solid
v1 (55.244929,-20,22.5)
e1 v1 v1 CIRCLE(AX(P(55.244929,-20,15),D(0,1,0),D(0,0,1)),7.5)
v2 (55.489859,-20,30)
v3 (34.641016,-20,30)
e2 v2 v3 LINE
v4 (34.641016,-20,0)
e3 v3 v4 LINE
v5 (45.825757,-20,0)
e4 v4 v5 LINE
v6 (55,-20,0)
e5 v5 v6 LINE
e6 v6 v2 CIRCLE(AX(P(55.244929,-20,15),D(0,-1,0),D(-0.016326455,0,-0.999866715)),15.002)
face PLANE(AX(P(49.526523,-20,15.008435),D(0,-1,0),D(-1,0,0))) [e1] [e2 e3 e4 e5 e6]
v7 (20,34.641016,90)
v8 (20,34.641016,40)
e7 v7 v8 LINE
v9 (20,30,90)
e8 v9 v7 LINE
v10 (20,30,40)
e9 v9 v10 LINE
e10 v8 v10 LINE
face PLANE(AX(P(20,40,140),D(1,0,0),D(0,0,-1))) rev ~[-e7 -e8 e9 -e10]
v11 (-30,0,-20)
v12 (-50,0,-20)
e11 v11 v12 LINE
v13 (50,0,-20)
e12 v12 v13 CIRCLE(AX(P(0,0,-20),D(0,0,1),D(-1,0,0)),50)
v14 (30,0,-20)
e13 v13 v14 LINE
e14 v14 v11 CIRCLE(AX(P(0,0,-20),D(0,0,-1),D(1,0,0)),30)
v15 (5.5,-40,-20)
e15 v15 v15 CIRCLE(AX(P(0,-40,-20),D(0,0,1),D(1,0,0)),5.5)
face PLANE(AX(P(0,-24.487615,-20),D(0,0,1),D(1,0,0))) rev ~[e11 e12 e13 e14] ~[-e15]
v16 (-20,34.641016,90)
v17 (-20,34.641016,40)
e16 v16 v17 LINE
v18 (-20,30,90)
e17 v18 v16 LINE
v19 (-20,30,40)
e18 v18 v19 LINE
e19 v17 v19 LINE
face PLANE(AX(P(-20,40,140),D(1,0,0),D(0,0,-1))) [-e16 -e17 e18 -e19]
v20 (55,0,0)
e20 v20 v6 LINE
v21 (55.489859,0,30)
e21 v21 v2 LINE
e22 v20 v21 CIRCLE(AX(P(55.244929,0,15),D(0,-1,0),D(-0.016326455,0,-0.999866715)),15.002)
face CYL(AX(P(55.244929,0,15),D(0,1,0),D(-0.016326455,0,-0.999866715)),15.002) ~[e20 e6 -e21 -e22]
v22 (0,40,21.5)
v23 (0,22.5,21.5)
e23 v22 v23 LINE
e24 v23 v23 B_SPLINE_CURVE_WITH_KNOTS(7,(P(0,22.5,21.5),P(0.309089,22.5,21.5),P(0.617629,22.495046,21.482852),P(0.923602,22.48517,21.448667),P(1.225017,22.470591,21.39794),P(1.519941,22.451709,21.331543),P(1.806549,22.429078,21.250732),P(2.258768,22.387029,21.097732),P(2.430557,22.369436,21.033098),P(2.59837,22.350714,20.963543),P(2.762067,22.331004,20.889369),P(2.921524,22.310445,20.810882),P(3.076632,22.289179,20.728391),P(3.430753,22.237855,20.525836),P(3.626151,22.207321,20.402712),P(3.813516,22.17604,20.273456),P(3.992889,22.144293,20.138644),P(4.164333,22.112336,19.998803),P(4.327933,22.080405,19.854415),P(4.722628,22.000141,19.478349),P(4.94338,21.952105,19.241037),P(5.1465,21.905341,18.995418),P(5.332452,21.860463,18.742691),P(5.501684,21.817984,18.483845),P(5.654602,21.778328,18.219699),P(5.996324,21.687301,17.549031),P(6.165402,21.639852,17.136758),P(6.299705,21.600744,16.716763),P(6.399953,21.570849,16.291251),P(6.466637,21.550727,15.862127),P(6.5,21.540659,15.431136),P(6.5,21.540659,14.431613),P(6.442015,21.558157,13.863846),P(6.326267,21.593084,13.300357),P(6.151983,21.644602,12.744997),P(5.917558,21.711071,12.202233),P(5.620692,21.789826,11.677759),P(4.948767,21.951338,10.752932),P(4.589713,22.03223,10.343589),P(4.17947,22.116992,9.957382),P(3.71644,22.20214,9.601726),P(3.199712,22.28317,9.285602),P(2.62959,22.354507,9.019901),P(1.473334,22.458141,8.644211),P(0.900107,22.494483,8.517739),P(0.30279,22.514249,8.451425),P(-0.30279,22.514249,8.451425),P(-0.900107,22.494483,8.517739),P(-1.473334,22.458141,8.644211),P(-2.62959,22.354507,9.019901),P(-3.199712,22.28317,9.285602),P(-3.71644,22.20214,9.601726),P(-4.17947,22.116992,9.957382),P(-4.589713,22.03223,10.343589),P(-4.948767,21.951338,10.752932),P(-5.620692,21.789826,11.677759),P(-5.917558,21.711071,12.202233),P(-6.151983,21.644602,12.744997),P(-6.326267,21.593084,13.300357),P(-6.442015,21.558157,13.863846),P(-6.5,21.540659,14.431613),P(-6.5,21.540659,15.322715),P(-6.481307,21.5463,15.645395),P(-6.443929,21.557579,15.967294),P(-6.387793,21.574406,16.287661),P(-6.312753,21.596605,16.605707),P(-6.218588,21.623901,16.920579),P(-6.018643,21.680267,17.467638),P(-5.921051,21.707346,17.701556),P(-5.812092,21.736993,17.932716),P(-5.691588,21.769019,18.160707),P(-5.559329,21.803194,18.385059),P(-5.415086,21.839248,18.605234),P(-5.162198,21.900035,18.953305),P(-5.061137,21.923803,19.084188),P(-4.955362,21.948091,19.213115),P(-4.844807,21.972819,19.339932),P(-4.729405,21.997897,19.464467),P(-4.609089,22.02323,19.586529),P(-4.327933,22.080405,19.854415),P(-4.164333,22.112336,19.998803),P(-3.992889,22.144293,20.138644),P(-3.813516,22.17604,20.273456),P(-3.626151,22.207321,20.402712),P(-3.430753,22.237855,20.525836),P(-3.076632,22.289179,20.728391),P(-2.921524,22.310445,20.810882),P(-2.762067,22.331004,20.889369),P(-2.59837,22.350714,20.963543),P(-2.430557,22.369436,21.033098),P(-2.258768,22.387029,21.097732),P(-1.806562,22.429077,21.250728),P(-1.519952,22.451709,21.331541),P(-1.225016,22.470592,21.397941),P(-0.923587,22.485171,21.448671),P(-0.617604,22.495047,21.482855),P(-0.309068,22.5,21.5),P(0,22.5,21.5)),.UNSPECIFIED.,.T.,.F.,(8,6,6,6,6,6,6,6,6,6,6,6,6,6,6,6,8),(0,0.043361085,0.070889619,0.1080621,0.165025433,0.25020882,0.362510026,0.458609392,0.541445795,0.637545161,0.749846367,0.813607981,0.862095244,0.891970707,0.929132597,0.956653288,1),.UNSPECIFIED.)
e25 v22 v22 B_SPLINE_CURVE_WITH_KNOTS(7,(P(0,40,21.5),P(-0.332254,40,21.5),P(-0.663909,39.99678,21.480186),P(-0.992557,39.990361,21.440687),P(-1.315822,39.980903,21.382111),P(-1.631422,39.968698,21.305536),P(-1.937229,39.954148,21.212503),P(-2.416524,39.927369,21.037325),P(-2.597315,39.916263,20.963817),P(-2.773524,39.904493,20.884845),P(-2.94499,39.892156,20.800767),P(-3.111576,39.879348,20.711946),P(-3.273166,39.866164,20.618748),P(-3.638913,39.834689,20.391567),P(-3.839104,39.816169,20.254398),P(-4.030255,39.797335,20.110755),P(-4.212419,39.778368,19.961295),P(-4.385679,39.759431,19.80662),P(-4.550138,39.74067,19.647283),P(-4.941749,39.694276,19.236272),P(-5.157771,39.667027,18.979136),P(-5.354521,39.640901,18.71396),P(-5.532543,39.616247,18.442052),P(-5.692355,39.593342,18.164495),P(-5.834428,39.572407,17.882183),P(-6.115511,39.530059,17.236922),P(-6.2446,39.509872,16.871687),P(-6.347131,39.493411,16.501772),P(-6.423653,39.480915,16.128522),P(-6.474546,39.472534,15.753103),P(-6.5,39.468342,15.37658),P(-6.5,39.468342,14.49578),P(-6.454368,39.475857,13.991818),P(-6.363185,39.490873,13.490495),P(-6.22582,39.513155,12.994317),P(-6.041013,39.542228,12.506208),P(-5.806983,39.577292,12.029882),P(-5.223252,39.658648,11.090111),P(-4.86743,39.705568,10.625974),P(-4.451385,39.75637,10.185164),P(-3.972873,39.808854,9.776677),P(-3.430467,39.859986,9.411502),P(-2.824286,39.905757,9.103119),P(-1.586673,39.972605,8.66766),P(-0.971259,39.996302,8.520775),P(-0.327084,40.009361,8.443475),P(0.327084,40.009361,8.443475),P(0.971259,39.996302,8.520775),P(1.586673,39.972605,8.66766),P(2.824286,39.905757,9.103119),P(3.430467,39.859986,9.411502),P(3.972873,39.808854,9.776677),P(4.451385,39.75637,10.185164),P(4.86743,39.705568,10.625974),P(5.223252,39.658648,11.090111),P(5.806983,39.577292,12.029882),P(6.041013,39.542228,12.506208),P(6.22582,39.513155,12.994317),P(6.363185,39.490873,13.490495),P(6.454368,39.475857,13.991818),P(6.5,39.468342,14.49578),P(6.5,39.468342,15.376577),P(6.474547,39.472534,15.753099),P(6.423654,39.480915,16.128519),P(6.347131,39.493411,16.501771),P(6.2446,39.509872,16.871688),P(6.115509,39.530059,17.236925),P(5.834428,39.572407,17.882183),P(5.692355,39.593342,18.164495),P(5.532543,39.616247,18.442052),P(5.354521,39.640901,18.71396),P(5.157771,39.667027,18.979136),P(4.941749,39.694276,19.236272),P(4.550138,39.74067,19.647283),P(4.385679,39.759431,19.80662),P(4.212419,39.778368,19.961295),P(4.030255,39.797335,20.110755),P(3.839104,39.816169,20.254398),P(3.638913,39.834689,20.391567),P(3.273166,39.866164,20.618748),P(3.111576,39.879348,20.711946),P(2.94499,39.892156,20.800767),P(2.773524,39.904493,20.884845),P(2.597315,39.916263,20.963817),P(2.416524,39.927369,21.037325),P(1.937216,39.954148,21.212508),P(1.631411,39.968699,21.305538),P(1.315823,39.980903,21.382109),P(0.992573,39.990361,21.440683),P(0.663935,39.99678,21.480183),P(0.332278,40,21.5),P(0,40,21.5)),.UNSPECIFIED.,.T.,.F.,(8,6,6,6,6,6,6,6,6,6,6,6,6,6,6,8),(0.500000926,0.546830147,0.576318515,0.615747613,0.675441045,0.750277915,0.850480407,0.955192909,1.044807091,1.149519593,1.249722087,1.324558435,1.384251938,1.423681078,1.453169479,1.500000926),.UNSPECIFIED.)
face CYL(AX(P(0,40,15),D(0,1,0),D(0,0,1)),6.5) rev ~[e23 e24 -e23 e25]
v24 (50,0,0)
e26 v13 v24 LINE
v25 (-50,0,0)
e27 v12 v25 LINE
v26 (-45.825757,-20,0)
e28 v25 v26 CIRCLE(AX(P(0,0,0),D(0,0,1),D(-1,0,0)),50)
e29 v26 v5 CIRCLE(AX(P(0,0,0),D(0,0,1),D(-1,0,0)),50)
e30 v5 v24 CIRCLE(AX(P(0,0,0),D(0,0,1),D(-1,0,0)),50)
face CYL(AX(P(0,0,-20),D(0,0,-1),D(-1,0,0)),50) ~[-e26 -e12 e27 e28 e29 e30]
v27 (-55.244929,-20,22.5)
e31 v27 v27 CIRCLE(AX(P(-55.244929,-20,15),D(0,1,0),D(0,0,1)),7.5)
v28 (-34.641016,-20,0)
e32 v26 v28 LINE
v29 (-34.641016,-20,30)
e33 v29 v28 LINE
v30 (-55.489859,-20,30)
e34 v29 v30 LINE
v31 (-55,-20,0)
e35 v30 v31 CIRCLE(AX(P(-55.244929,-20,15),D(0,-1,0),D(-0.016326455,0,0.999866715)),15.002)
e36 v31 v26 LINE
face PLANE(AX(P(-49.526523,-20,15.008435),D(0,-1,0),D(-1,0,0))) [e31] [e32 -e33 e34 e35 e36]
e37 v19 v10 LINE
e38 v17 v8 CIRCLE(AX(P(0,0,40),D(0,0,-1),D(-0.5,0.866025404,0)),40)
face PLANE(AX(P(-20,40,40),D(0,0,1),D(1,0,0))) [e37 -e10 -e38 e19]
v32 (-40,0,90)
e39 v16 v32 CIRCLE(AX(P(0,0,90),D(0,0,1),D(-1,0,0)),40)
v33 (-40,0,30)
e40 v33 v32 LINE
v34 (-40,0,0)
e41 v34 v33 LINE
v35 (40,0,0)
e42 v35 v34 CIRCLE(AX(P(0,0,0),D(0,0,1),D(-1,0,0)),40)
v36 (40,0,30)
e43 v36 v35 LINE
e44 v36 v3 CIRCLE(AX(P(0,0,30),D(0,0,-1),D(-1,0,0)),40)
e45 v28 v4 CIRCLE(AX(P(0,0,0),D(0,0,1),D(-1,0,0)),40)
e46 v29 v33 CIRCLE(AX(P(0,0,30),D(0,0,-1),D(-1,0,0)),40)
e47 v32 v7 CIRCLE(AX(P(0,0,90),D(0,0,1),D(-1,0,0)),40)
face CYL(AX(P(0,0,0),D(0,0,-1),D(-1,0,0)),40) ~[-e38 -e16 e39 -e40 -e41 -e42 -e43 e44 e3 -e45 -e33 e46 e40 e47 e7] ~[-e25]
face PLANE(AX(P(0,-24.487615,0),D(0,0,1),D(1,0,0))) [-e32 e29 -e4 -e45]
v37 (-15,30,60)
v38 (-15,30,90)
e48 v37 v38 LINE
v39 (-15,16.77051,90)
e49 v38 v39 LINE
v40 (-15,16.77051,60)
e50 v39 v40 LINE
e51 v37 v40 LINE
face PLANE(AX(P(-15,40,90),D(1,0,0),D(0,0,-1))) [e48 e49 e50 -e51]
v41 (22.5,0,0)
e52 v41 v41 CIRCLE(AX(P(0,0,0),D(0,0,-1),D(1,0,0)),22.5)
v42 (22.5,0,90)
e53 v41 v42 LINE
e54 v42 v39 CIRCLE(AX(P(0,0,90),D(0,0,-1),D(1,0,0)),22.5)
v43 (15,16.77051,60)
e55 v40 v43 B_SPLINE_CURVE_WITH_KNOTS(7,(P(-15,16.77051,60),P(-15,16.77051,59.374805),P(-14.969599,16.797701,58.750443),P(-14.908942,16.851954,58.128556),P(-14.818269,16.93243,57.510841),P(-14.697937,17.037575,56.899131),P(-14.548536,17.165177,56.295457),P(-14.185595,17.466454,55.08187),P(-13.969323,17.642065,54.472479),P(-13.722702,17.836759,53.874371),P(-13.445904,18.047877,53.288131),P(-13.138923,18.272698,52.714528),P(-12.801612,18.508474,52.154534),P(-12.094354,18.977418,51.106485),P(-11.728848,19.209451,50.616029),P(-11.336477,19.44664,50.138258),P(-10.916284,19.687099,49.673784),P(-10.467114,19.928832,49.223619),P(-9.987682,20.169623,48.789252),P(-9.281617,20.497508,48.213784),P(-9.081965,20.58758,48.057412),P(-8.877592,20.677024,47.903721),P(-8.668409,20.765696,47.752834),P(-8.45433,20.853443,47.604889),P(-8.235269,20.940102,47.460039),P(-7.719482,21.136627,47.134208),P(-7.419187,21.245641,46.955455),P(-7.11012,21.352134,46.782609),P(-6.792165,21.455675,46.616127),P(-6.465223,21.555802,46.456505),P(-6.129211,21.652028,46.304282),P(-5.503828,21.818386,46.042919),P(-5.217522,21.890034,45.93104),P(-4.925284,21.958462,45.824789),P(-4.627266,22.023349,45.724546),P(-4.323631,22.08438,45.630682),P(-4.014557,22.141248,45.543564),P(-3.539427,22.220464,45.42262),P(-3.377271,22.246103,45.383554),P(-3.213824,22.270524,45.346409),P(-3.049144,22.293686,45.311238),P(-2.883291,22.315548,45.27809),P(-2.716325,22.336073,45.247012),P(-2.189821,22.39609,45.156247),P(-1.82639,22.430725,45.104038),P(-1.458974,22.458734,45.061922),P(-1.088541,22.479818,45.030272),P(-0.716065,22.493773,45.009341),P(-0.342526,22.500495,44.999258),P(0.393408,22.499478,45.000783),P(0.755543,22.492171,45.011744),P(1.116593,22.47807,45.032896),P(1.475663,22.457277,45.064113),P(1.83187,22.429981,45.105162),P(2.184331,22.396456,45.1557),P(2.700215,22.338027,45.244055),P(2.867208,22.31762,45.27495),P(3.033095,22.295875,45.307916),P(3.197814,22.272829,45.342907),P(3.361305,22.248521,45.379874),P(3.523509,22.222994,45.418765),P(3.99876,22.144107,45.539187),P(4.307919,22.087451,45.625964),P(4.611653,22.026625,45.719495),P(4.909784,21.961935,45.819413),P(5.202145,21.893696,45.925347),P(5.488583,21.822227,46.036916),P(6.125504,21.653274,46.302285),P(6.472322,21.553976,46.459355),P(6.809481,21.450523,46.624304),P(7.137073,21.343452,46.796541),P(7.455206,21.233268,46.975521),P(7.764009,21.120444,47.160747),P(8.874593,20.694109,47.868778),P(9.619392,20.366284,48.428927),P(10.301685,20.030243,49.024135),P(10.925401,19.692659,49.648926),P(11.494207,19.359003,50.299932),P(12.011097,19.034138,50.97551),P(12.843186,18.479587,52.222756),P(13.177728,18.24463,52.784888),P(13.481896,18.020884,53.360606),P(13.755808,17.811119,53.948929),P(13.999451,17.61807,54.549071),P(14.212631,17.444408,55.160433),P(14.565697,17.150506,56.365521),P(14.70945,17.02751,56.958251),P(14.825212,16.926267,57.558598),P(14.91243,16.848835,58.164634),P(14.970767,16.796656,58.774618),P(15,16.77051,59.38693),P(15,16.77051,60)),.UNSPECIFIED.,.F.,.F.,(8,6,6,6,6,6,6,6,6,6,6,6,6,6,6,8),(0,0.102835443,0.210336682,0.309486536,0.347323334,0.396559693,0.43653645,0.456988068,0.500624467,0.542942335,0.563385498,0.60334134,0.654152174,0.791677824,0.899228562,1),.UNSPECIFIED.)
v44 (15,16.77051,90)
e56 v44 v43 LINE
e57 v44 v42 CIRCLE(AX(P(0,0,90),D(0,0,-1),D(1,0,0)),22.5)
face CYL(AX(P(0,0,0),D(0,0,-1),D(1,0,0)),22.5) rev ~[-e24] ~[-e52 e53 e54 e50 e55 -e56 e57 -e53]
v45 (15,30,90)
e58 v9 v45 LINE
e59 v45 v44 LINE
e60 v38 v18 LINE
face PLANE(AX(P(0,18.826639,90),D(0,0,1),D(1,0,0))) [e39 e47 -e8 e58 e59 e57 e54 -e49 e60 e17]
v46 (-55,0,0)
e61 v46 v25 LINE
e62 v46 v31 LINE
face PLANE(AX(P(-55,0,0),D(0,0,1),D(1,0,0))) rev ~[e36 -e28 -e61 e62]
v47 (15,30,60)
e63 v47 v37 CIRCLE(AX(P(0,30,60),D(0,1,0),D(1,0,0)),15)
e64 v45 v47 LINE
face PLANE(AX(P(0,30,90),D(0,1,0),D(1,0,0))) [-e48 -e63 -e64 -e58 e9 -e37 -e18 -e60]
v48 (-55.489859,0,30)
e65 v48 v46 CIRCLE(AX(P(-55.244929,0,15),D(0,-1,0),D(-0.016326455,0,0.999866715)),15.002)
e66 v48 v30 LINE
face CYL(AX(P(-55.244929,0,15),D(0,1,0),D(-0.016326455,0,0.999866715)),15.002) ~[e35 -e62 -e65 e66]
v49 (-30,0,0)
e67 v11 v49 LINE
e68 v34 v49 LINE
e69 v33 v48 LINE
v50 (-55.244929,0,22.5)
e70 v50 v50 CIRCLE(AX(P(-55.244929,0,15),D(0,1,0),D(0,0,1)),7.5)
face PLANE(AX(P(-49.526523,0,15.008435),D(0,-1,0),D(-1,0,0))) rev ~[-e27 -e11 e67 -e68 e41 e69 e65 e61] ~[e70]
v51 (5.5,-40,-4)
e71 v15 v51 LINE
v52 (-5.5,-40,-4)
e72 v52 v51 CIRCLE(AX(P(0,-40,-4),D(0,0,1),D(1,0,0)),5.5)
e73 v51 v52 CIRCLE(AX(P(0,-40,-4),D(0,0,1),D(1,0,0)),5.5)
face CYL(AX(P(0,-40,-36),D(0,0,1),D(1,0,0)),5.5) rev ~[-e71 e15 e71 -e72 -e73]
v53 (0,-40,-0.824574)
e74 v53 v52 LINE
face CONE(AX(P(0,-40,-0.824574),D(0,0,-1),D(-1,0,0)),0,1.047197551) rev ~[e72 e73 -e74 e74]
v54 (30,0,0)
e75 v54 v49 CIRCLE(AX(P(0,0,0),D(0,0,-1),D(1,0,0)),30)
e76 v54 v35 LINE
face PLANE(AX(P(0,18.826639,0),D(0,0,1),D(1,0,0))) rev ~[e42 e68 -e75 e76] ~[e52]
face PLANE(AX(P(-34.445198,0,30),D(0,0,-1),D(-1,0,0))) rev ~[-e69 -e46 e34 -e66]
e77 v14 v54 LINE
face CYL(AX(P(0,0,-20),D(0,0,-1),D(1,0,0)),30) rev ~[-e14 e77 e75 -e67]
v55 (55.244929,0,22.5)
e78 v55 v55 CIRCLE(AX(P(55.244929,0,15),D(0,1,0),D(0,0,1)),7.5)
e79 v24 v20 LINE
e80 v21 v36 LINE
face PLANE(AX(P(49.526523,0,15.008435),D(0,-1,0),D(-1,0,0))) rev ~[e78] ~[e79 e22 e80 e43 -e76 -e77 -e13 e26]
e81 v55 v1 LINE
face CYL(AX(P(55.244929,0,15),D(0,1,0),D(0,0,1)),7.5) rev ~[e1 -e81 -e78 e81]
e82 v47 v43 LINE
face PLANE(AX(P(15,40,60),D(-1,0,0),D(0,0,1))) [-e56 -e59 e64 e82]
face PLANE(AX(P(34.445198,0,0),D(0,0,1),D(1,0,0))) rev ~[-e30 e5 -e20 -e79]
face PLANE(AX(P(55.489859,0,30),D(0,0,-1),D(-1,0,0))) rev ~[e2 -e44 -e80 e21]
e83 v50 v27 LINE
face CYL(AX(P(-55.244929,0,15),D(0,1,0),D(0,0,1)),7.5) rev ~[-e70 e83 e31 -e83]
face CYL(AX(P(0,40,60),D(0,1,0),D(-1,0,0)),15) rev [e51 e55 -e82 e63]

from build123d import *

# Parameters (mm, degrees)
SKETCH1_R                 = 40
SKETCH1_R_2               = 22.5
BOSS_EXTRUDE1_DEPTH       = 90
BOSS_EXTRUDE2_DEPTH       = 20
SKETCH3_R                 = 7.5
BOSS_EXTRUDE9_DEPTH       = 20
CUT_EXTRUDE1_REACH        = 147.378
CUT_EXTRUDE1_END_RADIUS   = 22.5
SKETCH5_R                 = 6.5
SKETCH5_3_W               = 40
SKETCH5_3_H               = 100
CUT_EXTRUDE2_DEPTH        = 10
F_2_0MM_DOWEL_HOLE1_D     = 11
F_2_0MM_DOWEL_HOLE1_DEPTH = 16
F_2_0MM_DOWEL_HOLE1_TIP   = 3.175426481


with BuildPart() as part:
    # Sketch1 → Boss-Extrude1 (new body)
    with BuildSketch(Plane.XY):
        Circle(SKETCH1_R)
        Circle(SKETCH1_R_2, mode=Mode.SUBTRACT)
    extrude(amount=BOSS_EXTRUDE1_DEPTH)

    # Sketch1<3> → Boss-Extrude2 (add)
    with BuildSketch(Plane.XY):
        with BuildLine():
            ThreePointArc((-50, 0), (0, -50), (50, 0))
            Line((50, 0), (30, 0))
            ThreePointArc((30, 0), (0, -30), (-30, 0))
            Line((-30, 0), (-50, 0))
        make_face()
    extrude(amount=-BOSS_EXTRUDE2_DEPTH)

    # Sketch3 → Boss-Extrude9 (add)
    # profile 1 of 2: a face of its own
    with BuildSketch(Plane(origin=(0, 0, 0), x_dir=(1, 0, 0), z_dir=(0, 1, 0))):
        with BuildLine():
            Line((34.445197512, 0), (55, 0))
            ThreePointArc((55, 0), (70.244929467, -14.755070533), (55.489858934, -30))
            Line((55.489858934, -30), (34.445197512, -30))
            Line((34.445197512, -30), (34.445197512, 0))
        make_face()
        with Locations((55.244929467, -15)):
            Circle(SKETCH3_R, mode=Mode.SUBTRACT)
    # profile 2 of 2: a face of its own
    with BuildSketch(Plane(origin=(0, 0, 0), x_dir=(1, 0, 0), z_dir=(0, 1, 0))):
        with BuildLine():
            Line((-34.445197512, 0), (-34.445197512, -30))
            Line((-34.445197512, -30), (-55.489858934, -30))
            ThreePointArc((-55.489858934, -30), (-70.244929467, -14.755070533), (-55, 0))
            Line((-55, 0), (-34.445197512, 0))
        make_face()
        with Locations((-55.244929467, -15)):
            Circle(SKETCH3_R, mode=Mode.SUBTRACT)
    extrude(amount=-BOSS_EXTRUDE9_DEPTH)

    # Cut-Extrude1: up to this cylinder (the profile starts outside it)
    cut_extrude1_end = Plane(origin=(0, 0, 41.9876885), z_dir=(0, 0, -1)) * Cylinder(CUT_EXTRUDE1_END_RADIUS, 394.731377, mode=Mode.PRIVATE)
    # Sketch5 → Cut-Extrude1 (cut, up to the surface)
    with BuildSketch(Plane(origin=(0, 40, 0), x_dir=(1, 0, 0), z_dir=(0, 1, 0)), mode=Mode.PRIVATE) as cut_extrude1_sk1:
        with BuildLine():
            ThreePointArc((15, -60), (0, -45), (-15, -60))
            Line((-15, -60), (-15, -90))
            Line((-15, -90), (15, -90))
            Line((15, -90), (15, -60))
        make_face()
    cut_extrude1_tool1 = extrude(cut_extrude1_sk1.sketch, amount=-CUT_EXTRUDE1_REACH, mode=Mode.PRIVATE) - cut_extrude1_end
    add(cut_extrude1_tool1.solids().sort_by_distance((0, 40, 68.975377))[0], mode=Mode.SUBTRACT)
    # Sketch5 → Cut-Extrude1 (cut, up to the surface)
    with BuildSketch(Plane(origin=(0, 40, 0), x_dir=(1, 0, 0), z_dir=(0, 1, 0)), mode=Mode.PRIVATE) as cut_extrude1_sk2:
        with Locations((0, -15)):
            Circle(SKETCH5_R)
    cut_extrude1_tool2 = extrude(cut_extrude1_sk2.sketch, amount=-CUT_EXTRUDE1_REACH, mode=Mode.PRIVATE) - cut_extrude1_end
    add(cut_extrude1_tool2.solids().sort_by_distance((0, 40, 15))[0], mode=Mode.SUBTRACT)

    # Sketch5<3> → Cut-Extrude2 (cut)
    with BuildSketch(Plane(origin=(0, 40, 0), x_dir=(1, 0, 0), z_dir=(0, 1, 0))):
        with Locations((0, -90)):
            Rectangle(SKETCH5_3_W, SKETCH5_3_H)
        with BuildLine():
            Line((-15, -90), (-15, -60))
            ThreePointArc((-15, -60), (0, -45), (15, -60))
            Line((15, -60), (15, -90))
            Line((15, -90), (-15, -90))
        make_face(mode=Mode.SUBTRACT)
    extrude(amount=-CUT_EXTRUDE2_DEPTH, mode=Mode.SUBTRACT)

    # Ø2.0mm Dowel Hole1
    with Locations(Plane(origin=(0, 0, -20), x_dir=(-1, 0, 0), z_dir=(0, 0, -1))):
        with Locations((0, -40)):
            Hole(F_2_0MM_DOWEL_HOLE1_D / 2, depth=F_2_0MM_DOWEL_HOLE1_DEPTH)
            with Locations((0, 0, -(F_2_0MM_DOWEL_HOLE1_DEPTH + F_2_0MM_DOWEL_HOLE1_TIP / 2))):  # 120° drill point
                Cone(0, F_2_0MM_DOWEL_HOLE1_D / 2, F_2_0MM_DOWEL_HOLE1_TIP, mode=Mode.SUBTRACT)


solid = part.part
